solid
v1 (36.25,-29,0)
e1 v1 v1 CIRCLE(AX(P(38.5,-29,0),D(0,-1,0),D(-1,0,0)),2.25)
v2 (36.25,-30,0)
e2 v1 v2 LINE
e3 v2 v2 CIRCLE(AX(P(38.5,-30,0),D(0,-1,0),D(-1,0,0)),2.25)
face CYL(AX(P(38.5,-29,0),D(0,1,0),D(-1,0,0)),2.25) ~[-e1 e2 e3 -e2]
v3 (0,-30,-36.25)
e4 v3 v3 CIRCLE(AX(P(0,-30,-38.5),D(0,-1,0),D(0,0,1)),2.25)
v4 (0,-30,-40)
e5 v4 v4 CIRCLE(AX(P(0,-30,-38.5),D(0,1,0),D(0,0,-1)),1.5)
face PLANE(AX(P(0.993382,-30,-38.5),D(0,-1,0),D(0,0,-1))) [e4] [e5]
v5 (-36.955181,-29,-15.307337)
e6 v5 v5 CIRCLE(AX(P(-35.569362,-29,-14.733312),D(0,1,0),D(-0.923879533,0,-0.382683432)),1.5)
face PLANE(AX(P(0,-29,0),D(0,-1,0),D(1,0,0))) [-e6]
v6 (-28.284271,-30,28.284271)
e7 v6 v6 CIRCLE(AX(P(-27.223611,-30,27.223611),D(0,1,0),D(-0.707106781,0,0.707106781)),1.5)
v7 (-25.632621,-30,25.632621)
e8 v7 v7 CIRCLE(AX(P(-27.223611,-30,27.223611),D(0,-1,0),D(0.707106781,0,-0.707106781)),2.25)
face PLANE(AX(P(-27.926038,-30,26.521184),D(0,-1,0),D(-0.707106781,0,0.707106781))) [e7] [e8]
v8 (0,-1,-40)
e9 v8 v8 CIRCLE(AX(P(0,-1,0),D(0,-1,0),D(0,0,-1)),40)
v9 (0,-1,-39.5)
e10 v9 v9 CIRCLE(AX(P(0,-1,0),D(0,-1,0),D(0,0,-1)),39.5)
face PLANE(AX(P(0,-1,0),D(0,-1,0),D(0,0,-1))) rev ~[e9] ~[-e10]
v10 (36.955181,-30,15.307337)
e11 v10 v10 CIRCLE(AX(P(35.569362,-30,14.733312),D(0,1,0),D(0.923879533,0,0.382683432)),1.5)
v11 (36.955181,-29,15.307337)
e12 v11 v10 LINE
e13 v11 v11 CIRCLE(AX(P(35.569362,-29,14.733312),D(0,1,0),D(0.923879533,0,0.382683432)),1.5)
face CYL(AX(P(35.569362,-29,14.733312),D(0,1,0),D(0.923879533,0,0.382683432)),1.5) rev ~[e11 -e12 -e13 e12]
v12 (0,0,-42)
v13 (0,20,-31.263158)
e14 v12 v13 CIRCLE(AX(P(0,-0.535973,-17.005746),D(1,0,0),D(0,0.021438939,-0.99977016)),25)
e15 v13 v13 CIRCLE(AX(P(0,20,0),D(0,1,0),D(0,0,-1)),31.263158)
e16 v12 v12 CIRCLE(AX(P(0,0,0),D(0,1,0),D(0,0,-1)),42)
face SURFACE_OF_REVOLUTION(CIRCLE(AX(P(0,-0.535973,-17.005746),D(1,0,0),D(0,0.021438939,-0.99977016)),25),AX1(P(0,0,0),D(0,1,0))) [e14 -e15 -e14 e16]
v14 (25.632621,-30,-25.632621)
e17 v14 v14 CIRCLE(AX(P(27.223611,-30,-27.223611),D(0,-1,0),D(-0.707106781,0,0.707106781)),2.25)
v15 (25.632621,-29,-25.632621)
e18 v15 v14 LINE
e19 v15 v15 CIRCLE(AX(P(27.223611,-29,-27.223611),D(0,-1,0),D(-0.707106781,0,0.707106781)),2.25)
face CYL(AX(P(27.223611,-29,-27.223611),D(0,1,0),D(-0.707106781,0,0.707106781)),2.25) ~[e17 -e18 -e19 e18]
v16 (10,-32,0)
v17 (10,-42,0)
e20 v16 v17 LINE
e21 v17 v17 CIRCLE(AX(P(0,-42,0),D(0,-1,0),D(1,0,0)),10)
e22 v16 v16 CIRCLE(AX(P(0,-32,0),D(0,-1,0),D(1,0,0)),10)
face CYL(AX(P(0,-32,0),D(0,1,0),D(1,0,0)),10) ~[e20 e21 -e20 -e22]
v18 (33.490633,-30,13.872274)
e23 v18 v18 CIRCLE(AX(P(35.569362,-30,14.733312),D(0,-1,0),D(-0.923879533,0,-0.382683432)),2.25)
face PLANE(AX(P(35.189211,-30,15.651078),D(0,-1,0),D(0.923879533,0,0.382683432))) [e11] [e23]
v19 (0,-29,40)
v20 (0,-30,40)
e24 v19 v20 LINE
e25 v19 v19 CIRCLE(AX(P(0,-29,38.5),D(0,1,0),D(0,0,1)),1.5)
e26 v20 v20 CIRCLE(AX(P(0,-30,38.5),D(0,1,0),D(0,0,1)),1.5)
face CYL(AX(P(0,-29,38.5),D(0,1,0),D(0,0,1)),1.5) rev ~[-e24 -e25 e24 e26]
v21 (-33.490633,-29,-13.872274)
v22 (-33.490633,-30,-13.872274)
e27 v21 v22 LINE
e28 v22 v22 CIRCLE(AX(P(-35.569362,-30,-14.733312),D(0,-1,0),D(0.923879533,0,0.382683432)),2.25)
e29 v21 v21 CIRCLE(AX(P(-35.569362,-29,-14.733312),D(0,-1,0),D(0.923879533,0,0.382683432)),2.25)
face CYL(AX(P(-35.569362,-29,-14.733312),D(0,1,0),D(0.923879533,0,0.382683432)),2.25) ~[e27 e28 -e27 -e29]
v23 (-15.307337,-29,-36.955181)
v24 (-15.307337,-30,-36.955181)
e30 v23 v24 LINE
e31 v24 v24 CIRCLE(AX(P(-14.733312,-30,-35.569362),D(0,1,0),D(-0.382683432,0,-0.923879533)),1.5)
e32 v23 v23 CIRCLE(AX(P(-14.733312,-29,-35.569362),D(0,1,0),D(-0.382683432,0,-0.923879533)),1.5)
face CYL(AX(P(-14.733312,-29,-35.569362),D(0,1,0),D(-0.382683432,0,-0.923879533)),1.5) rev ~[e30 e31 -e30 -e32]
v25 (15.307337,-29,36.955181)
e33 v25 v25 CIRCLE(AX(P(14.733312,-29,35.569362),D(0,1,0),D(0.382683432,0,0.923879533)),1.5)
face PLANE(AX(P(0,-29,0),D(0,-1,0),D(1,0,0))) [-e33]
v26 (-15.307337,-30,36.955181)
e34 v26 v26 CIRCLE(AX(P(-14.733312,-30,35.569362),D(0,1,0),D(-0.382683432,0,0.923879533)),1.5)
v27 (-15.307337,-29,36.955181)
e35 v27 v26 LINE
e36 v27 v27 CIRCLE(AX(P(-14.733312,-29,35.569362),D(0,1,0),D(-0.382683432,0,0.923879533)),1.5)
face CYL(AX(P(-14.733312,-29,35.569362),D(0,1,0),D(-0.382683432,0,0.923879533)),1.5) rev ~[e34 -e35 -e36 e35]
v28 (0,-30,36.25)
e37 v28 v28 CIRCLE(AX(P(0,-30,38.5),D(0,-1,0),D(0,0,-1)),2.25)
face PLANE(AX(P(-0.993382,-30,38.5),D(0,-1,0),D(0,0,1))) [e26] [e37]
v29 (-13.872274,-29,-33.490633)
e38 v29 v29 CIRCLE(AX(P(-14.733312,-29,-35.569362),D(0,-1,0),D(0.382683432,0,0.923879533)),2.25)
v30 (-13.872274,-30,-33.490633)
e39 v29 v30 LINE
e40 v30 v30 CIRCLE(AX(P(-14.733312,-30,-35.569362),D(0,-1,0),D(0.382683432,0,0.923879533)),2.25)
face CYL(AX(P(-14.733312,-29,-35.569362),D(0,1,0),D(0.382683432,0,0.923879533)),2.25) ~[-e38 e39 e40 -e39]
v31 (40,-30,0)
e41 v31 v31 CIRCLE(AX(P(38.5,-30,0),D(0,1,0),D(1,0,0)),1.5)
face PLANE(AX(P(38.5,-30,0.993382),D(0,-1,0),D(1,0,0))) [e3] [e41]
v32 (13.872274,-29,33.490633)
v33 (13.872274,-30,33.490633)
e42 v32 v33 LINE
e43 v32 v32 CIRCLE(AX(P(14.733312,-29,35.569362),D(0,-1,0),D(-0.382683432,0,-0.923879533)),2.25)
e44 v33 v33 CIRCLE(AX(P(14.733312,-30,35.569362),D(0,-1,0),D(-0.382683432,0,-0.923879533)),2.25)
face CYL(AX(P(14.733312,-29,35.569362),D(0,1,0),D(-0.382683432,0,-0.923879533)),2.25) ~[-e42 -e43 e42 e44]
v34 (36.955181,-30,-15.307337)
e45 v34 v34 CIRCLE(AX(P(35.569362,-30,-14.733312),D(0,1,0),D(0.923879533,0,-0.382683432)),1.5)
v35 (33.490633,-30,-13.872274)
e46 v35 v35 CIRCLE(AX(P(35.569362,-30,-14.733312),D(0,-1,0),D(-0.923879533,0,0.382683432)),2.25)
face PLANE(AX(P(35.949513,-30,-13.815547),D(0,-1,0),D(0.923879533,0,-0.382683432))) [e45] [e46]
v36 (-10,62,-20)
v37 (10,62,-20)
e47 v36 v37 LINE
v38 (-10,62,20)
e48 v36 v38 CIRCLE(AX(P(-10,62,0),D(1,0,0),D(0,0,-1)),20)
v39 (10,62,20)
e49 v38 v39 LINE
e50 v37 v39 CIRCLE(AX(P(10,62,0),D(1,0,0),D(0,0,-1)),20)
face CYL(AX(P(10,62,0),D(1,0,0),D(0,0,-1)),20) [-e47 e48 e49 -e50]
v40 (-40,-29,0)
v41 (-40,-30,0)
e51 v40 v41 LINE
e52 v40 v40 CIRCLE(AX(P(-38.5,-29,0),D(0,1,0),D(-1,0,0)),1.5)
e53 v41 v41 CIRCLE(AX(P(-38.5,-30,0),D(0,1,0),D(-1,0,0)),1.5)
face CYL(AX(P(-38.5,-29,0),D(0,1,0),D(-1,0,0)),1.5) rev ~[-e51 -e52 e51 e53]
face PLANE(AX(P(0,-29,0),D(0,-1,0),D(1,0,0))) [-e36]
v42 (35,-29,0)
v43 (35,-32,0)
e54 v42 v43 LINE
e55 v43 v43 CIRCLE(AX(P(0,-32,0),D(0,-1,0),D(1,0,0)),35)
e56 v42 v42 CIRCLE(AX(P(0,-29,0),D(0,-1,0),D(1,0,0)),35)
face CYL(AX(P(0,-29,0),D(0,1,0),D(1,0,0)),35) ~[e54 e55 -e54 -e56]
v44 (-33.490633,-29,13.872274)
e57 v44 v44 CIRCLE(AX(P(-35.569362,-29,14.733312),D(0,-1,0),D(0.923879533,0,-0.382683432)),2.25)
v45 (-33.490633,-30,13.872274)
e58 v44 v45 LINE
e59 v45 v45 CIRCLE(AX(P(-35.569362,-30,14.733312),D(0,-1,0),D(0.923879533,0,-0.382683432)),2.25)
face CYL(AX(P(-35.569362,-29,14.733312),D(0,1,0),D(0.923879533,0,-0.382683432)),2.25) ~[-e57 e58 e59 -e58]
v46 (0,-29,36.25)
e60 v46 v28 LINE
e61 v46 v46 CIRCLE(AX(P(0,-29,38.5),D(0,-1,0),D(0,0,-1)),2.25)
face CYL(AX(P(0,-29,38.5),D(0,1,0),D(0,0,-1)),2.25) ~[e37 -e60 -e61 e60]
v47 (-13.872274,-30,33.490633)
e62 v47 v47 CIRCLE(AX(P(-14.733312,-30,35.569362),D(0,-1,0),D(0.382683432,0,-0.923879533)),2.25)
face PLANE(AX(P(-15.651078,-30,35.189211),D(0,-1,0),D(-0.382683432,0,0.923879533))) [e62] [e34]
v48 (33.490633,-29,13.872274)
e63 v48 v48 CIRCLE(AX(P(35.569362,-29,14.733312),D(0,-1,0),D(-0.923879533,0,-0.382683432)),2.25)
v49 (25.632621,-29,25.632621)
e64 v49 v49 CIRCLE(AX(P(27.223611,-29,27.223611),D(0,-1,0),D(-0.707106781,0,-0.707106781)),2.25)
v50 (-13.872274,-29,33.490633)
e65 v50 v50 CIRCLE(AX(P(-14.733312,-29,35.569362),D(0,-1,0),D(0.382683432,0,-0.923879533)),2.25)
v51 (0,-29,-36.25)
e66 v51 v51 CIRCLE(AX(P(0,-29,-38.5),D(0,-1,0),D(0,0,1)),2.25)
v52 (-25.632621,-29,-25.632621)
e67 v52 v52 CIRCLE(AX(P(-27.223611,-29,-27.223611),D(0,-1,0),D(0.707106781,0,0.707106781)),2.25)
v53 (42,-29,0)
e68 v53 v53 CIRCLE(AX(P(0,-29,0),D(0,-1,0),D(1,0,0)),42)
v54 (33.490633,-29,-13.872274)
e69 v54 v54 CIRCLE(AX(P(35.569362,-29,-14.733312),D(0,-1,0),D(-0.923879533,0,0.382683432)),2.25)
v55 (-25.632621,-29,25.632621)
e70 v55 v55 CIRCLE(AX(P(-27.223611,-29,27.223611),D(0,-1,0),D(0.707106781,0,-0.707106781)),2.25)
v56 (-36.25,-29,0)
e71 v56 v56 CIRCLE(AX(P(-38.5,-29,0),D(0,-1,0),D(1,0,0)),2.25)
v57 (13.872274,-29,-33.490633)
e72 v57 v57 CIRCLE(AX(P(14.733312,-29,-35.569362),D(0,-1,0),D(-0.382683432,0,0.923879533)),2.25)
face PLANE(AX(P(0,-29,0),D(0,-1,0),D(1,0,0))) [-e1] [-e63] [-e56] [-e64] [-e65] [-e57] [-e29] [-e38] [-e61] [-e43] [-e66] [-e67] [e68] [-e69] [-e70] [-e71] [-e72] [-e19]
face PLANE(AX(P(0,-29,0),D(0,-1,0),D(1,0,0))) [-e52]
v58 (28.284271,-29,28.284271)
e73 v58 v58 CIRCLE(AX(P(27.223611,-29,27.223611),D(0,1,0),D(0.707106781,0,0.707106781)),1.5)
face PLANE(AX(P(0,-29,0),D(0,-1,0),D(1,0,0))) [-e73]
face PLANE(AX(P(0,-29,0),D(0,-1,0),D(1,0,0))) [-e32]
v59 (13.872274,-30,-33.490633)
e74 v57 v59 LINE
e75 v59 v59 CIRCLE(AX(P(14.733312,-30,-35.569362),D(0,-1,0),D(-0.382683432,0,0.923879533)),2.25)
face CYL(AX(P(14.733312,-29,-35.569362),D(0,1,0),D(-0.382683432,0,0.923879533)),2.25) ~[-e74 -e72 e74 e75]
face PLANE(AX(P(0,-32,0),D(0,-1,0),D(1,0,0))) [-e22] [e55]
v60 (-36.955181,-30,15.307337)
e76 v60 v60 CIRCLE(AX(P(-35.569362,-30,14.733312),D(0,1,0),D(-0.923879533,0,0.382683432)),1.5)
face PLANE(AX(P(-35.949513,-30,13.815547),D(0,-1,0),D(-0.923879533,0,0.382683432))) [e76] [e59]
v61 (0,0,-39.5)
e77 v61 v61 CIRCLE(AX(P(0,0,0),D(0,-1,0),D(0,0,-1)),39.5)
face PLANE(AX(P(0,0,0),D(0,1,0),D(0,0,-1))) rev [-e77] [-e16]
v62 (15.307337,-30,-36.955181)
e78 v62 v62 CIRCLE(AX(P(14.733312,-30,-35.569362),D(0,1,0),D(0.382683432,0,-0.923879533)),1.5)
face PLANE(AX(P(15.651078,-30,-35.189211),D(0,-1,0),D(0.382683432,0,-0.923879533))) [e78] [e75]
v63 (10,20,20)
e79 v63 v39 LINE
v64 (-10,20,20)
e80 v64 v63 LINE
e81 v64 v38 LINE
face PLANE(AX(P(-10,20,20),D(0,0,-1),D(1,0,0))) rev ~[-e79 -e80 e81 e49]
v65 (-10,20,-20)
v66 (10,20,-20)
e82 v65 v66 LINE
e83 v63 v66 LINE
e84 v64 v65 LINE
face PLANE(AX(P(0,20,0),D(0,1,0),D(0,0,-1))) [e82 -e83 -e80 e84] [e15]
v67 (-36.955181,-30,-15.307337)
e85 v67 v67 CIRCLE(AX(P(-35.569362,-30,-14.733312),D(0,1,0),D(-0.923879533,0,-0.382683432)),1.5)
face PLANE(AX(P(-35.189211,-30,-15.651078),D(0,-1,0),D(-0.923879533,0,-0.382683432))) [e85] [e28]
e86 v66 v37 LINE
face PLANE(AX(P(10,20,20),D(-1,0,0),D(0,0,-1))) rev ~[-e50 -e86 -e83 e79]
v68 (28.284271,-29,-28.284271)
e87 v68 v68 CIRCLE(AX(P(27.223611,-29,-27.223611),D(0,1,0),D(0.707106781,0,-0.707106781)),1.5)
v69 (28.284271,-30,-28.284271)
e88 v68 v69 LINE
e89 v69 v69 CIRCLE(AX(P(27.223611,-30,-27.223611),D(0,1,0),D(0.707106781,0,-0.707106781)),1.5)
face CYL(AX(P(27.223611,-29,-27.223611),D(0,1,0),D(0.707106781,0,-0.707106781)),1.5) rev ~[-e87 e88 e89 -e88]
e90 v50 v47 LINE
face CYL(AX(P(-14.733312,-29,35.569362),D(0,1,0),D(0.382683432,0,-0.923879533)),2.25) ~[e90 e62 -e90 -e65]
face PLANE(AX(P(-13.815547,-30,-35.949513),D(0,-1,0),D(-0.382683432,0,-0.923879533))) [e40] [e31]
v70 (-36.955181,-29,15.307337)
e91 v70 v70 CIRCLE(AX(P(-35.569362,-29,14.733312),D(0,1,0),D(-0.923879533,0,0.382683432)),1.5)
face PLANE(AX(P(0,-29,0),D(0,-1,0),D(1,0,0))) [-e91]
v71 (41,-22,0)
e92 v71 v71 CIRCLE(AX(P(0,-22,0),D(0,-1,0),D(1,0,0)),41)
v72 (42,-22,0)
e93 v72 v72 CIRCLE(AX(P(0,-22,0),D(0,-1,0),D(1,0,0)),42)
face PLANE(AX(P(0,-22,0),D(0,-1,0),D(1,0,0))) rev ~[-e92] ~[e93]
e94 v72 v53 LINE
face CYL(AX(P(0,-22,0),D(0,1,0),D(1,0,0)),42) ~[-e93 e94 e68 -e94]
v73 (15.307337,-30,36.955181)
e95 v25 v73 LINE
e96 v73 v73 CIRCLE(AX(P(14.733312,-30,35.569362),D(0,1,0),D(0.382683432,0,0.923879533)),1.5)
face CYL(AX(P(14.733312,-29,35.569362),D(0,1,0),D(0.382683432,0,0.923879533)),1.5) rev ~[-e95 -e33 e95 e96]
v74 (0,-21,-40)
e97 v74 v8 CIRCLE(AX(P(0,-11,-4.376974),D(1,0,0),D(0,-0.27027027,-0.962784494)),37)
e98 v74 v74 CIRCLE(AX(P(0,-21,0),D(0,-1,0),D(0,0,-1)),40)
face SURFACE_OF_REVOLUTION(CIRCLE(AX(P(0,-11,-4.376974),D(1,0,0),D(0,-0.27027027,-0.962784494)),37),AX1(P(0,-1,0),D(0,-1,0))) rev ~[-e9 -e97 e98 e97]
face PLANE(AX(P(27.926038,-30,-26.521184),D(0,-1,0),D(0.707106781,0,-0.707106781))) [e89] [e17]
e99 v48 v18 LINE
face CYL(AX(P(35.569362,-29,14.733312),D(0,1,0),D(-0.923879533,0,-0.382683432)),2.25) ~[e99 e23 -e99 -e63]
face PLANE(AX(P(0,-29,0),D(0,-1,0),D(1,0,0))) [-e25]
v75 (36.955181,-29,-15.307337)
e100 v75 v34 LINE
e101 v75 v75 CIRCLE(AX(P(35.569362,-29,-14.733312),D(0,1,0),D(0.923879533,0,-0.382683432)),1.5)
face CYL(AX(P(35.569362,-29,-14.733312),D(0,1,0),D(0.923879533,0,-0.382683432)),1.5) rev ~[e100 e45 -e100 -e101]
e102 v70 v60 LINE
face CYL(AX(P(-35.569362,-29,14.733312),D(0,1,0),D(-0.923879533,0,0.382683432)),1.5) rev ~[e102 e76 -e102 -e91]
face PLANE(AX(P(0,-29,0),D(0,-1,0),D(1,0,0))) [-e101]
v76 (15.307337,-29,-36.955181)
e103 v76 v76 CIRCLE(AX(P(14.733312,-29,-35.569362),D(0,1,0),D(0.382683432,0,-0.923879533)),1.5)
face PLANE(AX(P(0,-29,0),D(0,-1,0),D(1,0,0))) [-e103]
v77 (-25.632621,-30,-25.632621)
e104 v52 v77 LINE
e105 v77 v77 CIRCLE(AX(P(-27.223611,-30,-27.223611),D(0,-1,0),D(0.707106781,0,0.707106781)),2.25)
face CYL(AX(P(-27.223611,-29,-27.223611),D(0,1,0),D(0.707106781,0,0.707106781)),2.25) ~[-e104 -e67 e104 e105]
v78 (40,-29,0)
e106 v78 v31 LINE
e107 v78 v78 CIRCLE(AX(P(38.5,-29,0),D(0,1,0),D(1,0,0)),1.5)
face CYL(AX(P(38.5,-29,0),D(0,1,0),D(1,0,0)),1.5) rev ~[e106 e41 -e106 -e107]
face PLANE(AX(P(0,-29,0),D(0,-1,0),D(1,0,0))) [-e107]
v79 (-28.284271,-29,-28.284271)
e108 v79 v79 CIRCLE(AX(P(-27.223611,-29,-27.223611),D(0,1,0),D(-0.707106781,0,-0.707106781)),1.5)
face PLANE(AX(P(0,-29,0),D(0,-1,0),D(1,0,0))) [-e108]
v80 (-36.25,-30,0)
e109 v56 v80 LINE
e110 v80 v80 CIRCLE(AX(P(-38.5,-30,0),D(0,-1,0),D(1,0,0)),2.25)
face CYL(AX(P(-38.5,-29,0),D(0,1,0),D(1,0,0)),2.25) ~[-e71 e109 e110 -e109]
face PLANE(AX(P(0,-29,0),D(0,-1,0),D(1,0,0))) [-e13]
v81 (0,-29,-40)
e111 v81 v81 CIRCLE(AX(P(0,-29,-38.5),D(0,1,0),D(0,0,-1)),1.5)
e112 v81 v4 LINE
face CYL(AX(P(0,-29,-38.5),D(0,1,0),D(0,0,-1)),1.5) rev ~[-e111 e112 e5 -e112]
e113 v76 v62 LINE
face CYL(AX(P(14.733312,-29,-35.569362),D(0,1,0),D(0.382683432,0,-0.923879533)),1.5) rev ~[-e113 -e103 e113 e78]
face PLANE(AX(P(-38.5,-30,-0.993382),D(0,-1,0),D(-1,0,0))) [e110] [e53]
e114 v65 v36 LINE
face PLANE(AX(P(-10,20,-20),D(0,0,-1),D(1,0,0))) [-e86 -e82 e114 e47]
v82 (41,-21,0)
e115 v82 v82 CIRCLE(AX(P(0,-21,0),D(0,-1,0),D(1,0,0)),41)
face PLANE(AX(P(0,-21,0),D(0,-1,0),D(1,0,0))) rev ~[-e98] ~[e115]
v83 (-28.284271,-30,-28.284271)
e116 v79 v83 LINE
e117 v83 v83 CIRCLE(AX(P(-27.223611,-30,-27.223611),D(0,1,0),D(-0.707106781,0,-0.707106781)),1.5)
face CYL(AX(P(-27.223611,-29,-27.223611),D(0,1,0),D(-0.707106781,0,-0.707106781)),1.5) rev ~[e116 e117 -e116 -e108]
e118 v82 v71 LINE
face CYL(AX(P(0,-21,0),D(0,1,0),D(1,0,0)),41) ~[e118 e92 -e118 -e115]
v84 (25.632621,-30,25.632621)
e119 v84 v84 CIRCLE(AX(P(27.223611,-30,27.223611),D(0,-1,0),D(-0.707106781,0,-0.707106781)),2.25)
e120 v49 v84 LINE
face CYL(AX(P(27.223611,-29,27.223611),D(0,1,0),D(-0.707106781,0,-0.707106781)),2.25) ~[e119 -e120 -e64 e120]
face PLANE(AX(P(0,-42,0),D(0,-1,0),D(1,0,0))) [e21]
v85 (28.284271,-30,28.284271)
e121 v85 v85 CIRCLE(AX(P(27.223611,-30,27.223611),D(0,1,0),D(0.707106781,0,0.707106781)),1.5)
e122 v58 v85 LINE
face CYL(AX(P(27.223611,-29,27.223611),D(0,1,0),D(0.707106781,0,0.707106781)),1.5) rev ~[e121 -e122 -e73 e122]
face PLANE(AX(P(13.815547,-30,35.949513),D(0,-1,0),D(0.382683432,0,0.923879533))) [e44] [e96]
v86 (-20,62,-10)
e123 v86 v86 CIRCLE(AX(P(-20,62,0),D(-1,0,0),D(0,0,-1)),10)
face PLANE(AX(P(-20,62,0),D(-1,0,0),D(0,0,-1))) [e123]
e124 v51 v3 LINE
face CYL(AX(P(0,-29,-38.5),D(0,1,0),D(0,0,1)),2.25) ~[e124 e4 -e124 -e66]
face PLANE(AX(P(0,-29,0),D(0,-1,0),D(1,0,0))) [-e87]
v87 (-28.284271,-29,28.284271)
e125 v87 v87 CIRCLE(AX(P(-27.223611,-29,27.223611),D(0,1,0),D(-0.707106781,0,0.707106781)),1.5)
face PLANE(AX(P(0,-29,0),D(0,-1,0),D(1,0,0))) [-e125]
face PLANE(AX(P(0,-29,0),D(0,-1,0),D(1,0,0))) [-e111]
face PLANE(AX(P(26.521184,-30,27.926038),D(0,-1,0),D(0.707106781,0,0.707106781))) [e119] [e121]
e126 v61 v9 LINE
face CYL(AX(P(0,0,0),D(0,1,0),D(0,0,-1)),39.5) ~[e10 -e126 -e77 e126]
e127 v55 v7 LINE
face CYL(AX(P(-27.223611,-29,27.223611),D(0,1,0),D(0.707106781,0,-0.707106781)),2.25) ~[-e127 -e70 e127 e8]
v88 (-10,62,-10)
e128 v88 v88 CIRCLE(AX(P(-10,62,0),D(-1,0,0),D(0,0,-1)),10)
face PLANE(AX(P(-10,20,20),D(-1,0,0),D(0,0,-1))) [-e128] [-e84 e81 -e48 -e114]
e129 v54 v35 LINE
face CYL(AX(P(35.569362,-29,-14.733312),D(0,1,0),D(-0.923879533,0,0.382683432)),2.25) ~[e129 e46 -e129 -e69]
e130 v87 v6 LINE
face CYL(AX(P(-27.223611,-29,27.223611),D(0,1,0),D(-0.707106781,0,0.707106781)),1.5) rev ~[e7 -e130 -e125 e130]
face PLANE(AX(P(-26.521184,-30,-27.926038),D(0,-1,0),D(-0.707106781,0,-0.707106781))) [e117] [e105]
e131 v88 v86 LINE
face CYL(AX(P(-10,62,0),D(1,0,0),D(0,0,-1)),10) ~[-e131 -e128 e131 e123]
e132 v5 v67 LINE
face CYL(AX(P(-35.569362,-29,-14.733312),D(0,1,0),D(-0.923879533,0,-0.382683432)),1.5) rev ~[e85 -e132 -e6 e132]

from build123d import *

# Parameters (mm, degrees)
SKETCH2_R           = 39.5
BOSS_EXTRUDE1_DEPTH = 1
SKETCH4_R           = 41
BOSS_EXTRUDE2_DEPTH = 1
SKETCH5_R           = 42
BOSS_EXTRUDE3_DEPTH = 7
SKETCH6_R           = 35
BOSS_EXTRUDE4_DEPTH = 3
BOSS_EXTRUDE5_DEPTH = 1
CIRPATTERN1_COUNT   = 16
SKETCH8_W           = 20
SKETCH8_H           = 40
BOSS_EXTRUDE6_DEPTH = 42
SKETCH9_R           = 20
BOSS_EXTRUDE7_DEPTH = 20
SKETCH10_R          = 10
BOSS_EXTRUDE8_DEPTH = 10
SKETCH11_R          = 10
BOSS_EXTRUDE9_DEPTH = 10


with BuildPart() as part:
    # Sketch1 → Revolve1 (revolve)
    with BuildSketch(Plane(origin=(0, 0, 0), x_dir=(0, 0, -1), z_dir=(1, 0, 0)), mode=Mode.PRIVATE) as revolve1_sk:
        with BuildLine():
            Line((0, 0), (-42, 0))
            ThreePointArc((-42, 0), (-39.032396198, 11.288859787), (-31.263157895, 20))
            Line((-31.263157895, 20), (0, 20))
            Line((0, 20), (0, 0))
        make_face()
    revolve(revolve1_sk.sketch.rotate(Axis((0, 0, 0), (0, 1, 0)), 180), axis=Axis((0, 0, 0), (0, 1, 0)))

    # Sketch2 → Boss-Extrude1 (add)
    with BuildSketch(Plane.XZ):
        with Locations(Location((0, 0, 0), (0, 0, 270))):
            Circle(SKETCH2_R)
    extrude(amount=BOSS_EXTRUDE1_DEPTH)

    # Sketch3 → Revolve2 (revolve)
    with BuildSketch(Plane.XY, mode=Mode.PRIVATE) as revolve2_sk:
        with BuildLine():
            Line((0, -1), (0, -21))
            Line((0, -21), (-40, -21))
            ThreePointArc((-40, -21), (-41.376973739, -11), (-40, -1))
            Line((-40, -1), (0, -1))
        make_face()
    revolve(revolve2_sk.sketch.rotate(Axis((0, -1, 0), (0, -1, 0)), 90), axis=Axis((0, -1, 0), (0, -1, 0)))

    # Sketch4 → Boss-Extrude2 (add)
    with BuildSketch(Plane.XZ.offset(21)):
        Circle(SKETCH4_R)
    extrude(amount=BOSS_EXTRUDE2_DEPTH)

    # Sketch5 → Boss-Extrude3 (add)
    with BuildSketch(Plane.XZ.offset(22)):
        Circle(SKETCH5_R)
    extrude(amount=BOSS_EXTRUDE3_DEPTH)

    # Sketch6 → Boss-Extrude4 (add)
    with BuildSketch(Plane.XZ.offset(29)):
        Circle(SKETCH6_R)
    extrude(amount=BOSS_EXTRUDE4_DEPTH)

    # Sketch7 → Boss-Extrude5 (add)
    with BuildSketch(Plane.XZ.offset(29)):
        with BuildLine():
            ThreePointArc((37, 0), (38.5, 1.5), (40, 0))
            Line((40, 0), (40.75, 0))
            ThreePointArc((40.75, 0), (38.5, 2.25), (36.25, 0))
            Line((36.25, 0), (37, 0))
        make_face()
        with BuildLine():
            Line((40.75, 0), (40, 0))
            ThreePointArc((40, 0), (38.5, -1.5), (37, 0))
            Line((37, 0), (36.25, 0))
            ThreePointArc((36.25, 0), (38.5, -2.25), (40.75, 0))
        make_face()
    boss_extrude5 = extrude(amount=BOSS_EXTRUDE5_DEPTH)

    # CirPattern1: Boss-Extrude5 ×16 about axis
    cirpattern1_axis = Axis((0, 0, 0), (0, 1, 0))
    for i in range(1, CIRPATTERN1_COUNT):
        add(boss_extrude5.rotate(cirpattern1_axis, i * 360 / CIRPATTERN1_COUNT))

    # Sketch8 → Boss-Extrude6 (add)
    with BuildSketch(Plane(origin=(0, 20, 0), x_dir=(1, 0, 0), z_dir=(0, 1, 0))):
        Rectangle(SKETCH8_W, SKETCH8_H)
    extrude(amount=BOSS_EXTRUDE6_DEPTH)

    # Sketch9 → Boss-Extrude7 (add)
    with BuildSketch(Plane(origin=(10, 0, 0), x_dir=(0, 0, -1), z_dir=(1, 0, 0))):
        with Locations((0, 62)):
            Circle(SKETCH9_R)
    extrude(amount=-BOSS_EXTRUDE7_DEPTH)

    # Sketch10 → Boss-Extrude8 (add)
    with BuildSketch(Plane.ZY.offset(10)):
        with Locations(Location((0, 62, 0), (0, 0, 180))):
            Circle(SKETCH10_R)
    extrude(amount=BOSS_EXTRUDE8_DEPTH)

    # Sketch11 → Boss-Extrude9 (add)
    with BuildSketch(Plane.XZ.offset(32)):
        Circle(SKETCH11_R)
    extrude(amount=BOSS_EXTRUDE9_DEPTH)


solid = part.part
